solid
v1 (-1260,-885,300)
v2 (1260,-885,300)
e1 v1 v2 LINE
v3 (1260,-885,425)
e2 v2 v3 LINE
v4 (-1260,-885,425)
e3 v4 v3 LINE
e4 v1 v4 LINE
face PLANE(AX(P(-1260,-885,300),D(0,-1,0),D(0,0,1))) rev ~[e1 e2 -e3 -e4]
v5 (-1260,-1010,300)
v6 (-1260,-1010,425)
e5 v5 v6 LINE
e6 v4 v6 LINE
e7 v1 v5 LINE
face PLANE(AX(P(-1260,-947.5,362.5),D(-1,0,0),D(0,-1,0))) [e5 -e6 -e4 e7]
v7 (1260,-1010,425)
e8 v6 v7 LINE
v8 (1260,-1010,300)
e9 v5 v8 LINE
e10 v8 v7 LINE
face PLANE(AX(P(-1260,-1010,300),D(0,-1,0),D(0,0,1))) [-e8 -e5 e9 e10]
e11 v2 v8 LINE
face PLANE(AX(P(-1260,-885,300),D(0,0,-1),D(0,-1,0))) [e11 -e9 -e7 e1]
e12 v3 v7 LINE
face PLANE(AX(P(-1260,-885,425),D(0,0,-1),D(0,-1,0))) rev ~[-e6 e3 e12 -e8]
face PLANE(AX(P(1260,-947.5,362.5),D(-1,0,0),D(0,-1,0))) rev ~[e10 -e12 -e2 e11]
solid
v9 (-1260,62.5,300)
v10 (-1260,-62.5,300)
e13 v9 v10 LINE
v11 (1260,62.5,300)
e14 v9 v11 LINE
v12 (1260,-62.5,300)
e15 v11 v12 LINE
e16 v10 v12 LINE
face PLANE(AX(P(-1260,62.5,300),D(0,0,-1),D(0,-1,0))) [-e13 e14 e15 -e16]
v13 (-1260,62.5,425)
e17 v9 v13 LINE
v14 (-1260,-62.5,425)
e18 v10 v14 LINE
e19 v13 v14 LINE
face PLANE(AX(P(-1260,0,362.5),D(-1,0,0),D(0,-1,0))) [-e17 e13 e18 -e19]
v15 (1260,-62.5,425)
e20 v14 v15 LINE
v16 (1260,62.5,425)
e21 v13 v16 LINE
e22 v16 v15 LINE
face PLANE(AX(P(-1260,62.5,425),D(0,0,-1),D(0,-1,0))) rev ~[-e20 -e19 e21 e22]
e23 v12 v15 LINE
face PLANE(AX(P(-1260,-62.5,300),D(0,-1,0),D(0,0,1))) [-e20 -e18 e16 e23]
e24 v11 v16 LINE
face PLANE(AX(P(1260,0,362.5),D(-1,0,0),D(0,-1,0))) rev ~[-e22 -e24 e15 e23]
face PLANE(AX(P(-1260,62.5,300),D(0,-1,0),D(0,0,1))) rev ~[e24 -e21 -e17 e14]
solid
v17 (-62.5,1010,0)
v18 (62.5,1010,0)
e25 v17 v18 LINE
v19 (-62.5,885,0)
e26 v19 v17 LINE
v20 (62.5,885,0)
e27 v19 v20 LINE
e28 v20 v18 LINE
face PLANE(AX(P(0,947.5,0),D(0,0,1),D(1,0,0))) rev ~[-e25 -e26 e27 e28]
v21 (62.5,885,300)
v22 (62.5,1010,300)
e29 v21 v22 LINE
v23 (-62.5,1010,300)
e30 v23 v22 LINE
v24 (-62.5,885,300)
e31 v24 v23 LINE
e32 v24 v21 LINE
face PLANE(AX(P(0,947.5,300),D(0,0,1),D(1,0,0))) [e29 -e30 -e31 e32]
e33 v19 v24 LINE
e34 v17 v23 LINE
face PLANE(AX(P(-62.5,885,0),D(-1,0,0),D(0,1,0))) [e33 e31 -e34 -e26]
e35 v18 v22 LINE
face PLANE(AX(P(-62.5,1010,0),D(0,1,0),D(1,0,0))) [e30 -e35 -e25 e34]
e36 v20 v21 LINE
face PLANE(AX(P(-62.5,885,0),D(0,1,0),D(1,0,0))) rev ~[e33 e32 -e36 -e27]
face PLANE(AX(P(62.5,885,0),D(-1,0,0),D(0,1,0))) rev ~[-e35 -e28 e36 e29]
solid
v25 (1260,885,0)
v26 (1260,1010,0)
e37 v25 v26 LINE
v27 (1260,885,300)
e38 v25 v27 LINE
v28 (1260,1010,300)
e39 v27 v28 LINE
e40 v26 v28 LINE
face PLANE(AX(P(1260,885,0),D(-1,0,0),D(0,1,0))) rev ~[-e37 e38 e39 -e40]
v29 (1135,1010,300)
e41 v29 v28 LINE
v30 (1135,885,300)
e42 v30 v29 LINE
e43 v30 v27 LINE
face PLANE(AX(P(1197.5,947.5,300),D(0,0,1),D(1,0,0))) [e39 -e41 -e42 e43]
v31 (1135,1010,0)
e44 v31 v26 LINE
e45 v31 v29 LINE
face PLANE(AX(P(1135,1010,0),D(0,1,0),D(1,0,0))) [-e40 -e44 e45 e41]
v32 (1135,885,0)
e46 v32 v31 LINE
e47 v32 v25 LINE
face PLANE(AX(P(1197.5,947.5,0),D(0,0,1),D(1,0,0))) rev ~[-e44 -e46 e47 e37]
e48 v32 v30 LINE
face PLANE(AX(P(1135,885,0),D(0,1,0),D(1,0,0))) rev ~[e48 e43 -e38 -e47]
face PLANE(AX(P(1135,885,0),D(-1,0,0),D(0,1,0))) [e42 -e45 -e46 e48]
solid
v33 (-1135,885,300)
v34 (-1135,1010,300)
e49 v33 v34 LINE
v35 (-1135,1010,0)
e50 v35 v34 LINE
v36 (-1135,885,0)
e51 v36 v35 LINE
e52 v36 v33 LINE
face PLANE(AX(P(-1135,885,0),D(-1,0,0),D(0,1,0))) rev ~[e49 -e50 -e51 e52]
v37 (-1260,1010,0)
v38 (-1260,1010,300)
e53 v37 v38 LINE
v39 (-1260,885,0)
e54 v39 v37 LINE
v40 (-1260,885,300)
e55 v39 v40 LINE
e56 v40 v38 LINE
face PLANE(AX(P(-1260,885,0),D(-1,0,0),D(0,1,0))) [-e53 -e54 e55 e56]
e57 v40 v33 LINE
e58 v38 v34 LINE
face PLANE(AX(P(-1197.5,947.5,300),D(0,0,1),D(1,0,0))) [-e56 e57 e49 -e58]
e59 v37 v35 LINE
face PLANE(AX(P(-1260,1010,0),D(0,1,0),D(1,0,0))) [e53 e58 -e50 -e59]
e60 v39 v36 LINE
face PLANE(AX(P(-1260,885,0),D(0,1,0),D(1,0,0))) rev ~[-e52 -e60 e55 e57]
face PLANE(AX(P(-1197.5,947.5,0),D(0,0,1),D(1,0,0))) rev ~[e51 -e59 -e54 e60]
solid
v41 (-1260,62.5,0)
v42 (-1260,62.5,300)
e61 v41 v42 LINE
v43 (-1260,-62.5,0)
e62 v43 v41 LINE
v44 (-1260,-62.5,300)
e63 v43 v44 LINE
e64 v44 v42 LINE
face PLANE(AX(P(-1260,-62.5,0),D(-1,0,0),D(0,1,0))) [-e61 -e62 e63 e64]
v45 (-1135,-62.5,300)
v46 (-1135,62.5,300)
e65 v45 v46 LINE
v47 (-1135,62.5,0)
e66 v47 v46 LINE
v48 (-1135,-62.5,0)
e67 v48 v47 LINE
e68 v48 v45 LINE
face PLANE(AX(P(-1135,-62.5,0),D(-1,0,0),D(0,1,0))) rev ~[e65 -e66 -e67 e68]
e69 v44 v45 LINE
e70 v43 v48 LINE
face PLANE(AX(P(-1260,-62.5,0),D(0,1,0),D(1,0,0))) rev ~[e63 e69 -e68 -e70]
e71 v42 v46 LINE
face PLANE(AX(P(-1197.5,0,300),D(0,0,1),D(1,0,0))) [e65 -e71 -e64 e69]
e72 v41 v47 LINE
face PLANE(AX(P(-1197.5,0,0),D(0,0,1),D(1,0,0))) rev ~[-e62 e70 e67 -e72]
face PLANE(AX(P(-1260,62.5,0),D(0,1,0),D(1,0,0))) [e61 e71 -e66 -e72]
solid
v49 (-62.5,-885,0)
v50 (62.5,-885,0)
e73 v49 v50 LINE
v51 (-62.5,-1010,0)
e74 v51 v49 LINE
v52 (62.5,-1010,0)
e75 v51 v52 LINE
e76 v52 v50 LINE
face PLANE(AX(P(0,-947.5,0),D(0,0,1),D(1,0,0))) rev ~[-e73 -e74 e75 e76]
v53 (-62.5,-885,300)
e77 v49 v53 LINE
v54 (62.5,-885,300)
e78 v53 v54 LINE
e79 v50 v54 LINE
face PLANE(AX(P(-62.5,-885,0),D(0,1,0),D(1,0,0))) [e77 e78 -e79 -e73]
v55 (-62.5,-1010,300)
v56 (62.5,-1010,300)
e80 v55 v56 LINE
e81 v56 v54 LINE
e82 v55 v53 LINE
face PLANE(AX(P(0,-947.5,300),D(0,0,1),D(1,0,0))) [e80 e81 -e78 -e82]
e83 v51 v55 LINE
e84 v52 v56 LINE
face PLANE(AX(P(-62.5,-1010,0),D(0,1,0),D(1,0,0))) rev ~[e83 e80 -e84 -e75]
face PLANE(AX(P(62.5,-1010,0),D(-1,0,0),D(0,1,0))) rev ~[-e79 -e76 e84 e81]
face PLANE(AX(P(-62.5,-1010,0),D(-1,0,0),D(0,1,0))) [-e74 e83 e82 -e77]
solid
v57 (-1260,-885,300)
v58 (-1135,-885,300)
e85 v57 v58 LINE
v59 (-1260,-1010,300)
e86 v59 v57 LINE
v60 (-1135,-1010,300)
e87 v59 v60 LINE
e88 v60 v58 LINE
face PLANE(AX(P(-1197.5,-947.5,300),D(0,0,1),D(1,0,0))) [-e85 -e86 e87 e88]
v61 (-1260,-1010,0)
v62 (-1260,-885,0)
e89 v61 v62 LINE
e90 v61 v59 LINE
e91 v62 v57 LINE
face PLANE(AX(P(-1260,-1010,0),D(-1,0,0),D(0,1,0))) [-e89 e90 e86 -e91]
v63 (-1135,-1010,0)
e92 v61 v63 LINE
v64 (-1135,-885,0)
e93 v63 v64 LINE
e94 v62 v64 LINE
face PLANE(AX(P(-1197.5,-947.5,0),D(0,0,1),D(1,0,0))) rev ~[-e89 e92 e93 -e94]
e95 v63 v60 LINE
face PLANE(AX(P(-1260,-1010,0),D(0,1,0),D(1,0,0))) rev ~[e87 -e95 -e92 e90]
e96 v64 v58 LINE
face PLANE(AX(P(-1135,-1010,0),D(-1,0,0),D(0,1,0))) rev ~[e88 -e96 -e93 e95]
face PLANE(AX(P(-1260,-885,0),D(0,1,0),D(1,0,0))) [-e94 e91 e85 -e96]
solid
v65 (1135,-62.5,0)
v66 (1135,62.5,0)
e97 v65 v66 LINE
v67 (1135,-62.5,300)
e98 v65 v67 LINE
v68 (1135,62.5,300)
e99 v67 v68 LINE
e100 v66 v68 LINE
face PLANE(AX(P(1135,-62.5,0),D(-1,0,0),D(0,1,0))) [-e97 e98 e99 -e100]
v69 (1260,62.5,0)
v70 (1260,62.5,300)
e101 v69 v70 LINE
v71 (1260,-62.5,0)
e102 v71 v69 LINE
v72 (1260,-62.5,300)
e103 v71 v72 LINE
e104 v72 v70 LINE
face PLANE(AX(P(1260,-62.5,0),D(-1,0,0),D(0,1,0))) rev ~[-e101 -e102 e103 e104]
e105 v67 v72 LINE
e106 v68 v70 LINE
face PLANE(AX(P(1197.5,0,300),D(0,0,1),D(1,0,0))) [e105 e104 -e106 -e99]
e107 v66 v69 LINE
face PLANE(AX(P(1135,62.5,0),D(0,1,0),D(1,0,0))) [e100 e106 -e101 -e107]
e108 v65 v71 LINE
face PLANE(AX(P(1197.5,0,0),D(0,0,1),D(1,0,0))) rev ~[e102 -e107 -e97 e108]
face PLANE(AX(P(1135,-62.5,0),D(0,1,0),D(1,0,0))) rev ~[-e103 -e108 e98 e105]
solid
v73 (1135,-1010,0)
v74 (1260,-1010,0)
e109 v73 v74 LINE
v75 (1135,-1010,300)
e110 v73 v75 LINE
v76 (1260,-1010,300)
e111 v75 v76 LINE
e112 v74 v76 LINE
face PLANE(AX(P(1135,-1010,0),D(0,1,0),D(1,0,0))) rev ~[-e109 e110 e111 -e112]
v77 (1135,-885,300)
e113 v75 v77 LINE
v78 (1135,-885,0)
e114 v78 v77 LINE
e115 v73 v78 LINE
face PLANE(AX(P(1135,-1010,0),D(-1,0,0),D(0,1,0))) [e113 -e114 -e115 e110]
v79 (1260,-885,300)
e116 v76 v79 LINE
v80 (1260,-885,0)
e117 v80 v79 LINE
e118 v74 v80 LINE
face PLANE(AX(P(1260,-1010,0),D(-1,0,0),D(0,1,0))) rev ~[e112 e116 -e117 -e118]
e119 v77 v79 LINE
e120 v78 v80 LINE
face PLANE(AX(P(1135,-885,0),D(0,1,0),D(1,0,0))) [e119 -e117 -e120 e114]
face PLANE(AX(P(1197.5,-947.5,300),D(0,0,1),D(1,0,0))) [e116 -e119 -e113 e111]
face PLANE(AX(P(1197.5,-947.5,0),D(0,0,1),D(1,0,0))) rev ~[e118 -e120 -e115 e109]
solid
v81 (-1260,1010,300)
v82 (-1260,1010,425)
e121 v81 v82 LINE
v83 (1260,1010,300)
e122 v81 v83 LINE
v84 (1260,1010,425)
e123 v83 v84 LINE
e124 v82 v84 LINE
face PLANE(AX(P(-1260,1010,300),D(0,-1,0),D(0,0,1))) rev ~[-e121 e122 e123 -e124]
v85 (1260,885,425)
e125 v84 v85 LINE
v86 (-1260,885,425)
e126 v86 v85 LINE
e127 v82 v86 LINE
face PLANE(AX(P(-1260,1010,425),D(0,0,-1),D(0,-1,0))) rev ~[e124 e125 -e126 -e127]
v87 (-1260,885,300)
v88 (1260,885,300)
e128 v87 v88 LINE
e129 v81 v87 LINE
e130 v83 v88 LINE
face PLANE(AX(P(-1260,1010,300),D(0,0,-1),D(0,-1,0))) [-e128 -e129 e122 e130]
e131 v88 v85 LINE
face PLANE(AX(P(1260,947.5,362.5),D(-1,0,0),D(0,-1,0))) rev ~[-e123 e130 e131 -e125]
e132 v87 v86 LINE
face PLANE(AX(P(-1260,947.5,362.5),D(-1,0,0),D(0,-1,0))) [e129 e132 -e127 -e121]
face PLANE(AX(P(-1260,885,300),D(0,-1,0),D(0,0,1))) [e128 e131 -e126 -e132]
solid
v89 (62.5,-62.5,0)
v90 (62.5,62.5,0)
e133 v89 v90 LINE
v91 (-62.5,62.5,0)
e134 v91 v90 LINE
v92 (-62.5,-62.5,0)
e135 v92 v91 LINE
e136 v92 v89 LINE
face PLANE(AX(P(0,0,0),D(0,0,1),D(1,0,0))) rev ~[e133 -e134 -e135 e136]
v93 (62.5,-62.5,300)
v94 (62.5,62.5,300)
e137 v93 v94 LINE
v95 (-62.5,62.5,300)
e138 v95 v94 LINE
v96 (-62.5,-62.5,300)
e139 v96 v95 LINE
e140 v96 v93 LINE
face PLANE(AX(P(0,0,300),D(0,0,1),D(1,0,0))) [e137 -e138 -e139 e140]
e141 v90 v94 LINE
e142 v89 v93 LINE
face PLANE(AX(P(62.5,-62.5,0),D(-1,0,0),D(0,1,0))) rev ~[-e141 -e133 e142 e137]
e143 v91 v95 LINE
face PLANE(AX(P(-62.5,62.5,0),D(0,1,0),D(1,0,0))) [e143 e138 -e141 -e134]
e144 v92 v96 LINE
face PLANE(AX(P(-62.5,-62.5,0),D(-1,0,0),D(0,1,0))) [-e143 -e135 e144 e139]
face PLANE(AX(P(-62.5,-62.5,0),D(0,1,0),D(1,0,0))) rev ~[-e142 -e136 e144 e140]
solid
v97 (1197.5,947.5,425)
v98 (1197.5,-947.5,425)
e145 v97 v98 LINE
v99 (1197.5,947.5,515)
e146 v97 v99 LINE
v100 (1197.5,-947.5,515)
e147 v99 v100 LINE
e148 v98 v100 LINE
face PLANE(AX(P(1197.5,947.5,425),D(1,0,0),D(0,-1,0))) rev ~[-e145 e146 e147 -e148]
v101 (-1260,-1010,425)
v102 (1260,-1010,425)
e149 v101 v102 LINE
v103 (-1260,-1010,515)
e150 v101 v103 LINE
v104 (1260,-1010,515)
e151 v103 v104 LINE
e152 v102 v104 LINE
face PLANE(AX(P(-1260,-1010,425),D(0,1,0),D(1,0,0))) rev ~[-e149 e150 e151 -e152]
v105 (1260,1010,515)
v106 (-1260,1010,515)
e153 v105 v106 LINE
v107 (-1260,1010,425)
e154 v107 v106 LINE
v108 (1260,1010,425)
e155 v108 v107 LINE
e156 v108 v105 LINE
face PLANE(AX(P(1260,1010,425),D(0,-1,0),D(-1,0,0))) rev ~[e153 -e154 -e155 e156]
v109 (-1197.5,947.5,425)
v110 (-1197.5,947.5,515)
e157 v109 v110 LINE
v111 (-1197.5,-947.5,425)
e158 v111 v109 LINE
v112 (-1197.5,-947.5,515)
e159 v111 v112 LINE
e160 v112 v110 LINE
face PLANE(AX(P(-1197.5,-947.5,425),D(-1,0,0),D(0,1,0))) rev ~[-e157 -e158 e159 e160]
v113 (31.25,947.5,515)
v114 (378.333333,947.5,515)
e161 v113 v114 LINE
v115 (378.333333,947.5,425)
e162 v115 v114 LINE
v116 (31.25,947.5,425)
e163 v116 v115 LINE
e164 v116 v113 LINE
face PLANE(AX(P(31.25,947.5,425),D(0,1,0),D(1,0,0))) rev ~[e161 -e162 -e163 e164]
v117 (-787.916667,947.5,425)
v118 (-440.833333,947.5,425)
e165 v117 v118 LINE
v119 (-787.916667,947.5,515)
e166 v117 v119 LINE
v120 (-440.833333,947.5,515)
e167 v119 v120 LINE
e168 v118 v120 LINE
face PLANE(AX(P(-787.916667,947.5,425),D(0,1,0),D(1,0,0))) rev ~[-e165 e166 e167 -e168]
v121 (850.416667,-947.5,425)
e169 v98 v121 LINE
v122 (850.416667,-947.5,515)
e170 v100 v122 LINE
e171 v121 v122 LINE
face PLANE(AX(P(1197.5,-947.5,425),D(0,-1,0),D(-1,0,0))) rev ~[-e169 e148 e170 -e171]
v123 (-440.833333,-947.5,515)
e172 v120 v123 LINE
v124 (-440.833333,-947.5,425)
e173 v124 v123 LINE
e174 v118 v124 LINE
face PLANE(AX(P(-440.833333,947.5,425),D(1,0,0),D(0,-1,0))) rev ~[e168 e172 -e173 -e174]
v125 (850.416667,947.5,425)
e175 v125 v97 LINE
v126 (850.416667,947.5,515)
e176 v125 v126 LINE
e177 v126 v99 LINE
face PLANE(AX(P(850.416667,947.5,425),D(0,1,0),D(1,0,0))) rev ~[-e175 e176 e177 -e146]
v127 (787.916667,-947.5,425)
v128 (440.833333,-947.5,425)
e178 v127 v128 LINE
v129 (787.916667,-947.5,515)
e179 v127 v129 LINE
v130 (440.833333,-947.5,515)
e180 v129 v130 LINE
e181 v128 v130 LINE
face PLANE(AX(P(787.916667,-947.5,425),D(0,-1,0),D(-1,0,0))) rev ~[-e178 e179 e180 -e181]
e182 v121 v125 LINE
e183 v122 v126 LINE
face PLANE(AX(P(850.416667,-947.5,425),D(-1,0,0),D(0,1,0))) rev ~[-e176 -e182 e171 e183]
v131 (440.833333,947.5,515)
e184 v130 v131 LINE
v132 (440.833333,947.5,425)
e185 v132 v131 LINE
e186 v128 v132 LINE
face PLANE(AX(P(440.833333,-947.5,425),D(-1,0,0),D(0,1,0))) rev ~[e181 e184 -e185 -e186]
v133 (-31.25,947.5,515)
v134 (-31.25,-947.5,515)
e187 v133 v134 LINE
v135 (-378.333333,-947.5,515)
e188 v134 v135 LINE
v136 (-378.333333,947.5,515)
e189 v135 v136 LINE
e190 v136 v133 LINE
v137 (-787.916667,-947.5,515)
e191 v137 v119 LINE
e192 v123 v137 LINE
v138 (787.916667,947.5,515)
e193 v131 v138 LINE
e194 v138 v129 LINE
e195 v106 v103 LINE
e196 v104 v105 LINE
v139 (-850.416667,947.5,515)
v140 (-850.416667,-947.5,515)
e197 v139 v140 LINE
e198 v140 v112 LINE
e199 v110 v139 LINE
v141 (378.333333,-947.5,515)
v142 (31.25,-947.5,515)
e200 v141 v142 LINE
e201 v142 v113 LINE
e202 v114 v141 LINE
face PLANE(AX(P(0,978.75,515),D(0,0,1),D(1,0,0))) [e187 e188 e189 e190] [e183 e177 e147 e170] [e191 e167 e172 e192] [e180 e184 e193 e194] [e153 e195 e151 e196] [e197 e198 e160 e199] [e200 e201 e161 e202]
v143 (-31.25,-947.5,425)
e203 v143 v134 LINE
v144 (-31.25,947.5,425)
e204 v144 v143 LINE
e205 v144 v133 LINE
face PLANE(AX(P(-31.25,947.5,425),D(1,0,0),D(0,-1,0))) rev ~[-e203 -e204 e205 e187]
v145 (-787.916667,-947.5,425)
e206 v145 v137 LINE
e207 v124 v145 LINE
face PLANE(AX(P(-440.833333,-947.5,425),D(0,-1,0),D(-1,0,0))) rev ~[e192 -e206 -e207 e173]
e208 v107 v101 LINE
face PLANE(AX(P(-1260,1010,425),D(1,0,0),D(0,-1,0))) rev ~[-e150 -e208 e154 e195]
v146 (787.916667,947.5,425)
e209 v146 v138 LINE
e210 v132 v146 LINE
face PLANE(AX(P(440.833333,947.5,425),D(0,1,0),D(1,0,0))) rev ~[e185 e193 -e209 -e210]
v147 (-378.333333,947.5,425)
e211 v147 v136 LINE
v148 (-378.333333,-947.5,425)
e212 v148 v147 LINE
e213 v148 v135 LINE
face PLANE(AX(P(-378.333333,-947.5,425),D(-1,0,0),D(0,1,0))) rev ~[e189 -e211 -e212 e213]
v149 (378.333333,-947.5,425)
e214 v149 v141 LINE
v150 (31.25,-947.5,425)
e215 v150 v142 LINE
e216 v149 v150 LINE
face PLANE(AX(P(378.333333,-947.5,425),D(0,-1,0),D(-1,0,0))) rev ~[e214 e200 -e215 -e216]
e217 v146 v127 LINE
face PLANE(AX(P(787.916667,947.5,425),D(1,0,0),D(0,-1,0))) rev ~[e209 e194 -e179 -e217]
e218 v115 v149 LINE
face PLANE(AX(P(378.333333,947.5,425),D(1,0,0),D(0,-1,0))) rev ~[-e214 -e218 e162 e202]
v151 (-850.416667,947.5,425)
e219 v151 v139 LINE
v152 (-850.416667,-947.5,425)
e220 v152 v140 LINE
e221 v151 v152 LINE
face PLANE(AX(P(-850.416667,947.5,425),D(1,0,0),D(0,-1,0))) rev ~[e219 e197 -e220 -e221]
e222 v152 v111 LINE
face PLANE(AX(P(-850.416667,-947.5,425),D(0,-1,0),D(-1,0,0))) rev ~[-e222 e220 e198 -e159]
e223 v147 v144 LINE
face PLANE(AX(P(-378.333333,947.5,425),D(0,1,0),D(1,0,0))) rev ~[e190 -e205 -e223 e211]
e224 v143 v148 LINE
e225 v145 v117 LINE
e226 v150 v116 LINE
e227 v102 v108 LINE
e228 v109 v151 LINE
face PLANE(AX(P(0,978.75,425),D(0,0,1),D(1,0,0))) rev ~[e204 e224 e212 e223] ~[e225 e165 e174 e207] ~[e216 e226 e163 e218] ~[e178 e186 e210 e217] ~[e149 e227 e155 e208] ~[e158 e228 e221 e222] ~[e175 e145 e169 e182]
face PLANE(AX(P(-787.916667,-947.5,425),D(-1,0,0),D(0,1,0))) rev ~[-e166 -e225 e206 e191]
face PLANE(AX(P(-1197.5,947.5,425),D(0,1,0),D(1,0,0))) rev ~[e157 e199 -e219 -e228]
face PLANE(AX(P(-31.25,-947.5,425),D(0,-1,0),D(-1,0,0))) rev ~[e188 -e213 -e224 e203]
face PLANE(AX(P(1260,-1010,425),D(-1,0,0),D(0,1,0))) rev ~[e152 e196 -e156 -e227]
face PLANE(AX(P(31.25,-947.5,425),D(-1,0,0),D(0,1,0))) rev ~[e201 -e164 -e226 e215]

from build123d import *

# Parameters (mm, degrees)
F0_W     = 125
F0_H     = 125
F1_DEPTH = 300
F2_W     = 125
F2_H     = 125
F3_DEPTH = 2520
F4_W     = 62.5
F4_H     = 1895
F4_H_2   = 1832.5
F4_H_3   = 62.5
F5_DEPTH = 90


with BuildPart() as f1:
    # F0 (on Top) → F1 (new body)
    with BuildSketch(Plane.XY):
        with Locations((-1197.5, 947.5)):
            Rectangle(F0_W, F0_H)
        with Locations((-1197.5, 0)):
            Rectangle(F0_W, F0_H)
        with Locations((-1197.5, -947.5)):
            Rectangle(F0_W, F0_H)
        with Locations((0, 947.5)):
            Rectangle(F0_W, F0_H)
        Rectangle(F0_W, F0_H)
        with Locations((0, -947.5)):
            Rectangle(F0_W, F0_H)
        with Locations((1197.5, 947.5)):
            Rectangle(F0_W, F0_H)
        with Locations((1197.5, 0)):
            Rectangle(F0_W, F0_H)
        with Locations((1197.5, -947.5)):
            Rectangle(F0_W, F0_H)
    extrude(amount=F1_DEPTH)


with BuildPart() as f3:
    # F2 (on face) → F3 (new body, through all)
    with BuildSketch(Plane(origin=(-1260, 0, 0), x_dir=(0, -1, 0), z_dir=(-1, 0, 0))):
        with Locations((-947.5, 362.5)):
            Rectangle(F2_W, F2_H)
        with Locations((0, 362.5)):
            Rectangle(F2_W, F2_H)
        with Locations((947.5, 362.5)):
            Rectangle(F2_W, F2_H)
    extrude(amount=-F3_DEPTH)


with BuildPart() as f5:
    # F4 (on face) → F5 (new body)
    with BuildSketch(Plane.XY.offset(425)):
        Polygon((-810, 1010), (-1260, 1010), (-1260, 947.5), (-1197.5, 947.5), (-850.416667, 947.5), (-787.916667, 947.5), (-440.833333, 947.5), (-378.333333, 947.5), (-31.25, 947.5), (31.25, 947.5), (378.333333, 947.5), (440.833333, 947.5), (787.916667, 947.5), (850.416667, 947.5), (1197.5, 947.5), (1260, 947.5), (1260, 1010), align=None)
        with Locations((-1228.75, 0)):
            Rectangle(F4_W, F4_H)
        Polygon((-1197.5, -947.5), (-1260, -947.5), (-1260, -1010), (1260, -1010), (1260, -947.5), (1197.5, -947.5), (850.416667, -947.5), (787.916667, -947.5), (440.833333, -947.5), (378.333333, -947.5), (31.25, -947.5), (-31.25, -947.5), (-378.333333, -947.5), (-440.833333, -947.5), (-787.916667, -947.5), (-850.416667, -947.5), align=None)
        with Locations((1228.75, 0)):
            Rectangle(F4_W, F4_H)
        with Locations((-819.166667, -31.25)):
            Rectangle(F4_W, F4_H_2)
        with Locations((-409.583333, -31.25)):
            Rectangle(F4_W, F4_H_2)
        with Locations((0, -31.25)):
            Rectangle(F4_W, F4_H_2)
        with Locations((409.583333, -31.25)):
            Rectangle(F4_W, F4_H_2)
        with Locations((819.166667, -31.25)):
            Rectangle(F4_W, F4_H_2)
        with Locations((1228.75, -31.25)):
            Rectangle(F4_W, F4_H_2)
        with Locations((-819.166667, 916.25)):
            Rectangle(F4_W, F4_H_3)
        with Locations((-409.583333, 916.25)):
            Rectangle(F4_W, F4_H_3)
        with Locations((0, 916.25)):
            Rectangle(F4_W, F4_H_3)
        with Locations((409.583333, 916.25)):
            Rectangle(F4_W, F4_H_3)
        with Locations((819.166667, 916.25)):
            Rectangle(F4_W, F4_H_3)
        with Locations((1228.75, 916.25)):
            Rectangle(F4_W, F4_H_3)
    extrude(amount=F5_DEPTH)


solid = Compound([f1.part, f3.part, f5.part])
